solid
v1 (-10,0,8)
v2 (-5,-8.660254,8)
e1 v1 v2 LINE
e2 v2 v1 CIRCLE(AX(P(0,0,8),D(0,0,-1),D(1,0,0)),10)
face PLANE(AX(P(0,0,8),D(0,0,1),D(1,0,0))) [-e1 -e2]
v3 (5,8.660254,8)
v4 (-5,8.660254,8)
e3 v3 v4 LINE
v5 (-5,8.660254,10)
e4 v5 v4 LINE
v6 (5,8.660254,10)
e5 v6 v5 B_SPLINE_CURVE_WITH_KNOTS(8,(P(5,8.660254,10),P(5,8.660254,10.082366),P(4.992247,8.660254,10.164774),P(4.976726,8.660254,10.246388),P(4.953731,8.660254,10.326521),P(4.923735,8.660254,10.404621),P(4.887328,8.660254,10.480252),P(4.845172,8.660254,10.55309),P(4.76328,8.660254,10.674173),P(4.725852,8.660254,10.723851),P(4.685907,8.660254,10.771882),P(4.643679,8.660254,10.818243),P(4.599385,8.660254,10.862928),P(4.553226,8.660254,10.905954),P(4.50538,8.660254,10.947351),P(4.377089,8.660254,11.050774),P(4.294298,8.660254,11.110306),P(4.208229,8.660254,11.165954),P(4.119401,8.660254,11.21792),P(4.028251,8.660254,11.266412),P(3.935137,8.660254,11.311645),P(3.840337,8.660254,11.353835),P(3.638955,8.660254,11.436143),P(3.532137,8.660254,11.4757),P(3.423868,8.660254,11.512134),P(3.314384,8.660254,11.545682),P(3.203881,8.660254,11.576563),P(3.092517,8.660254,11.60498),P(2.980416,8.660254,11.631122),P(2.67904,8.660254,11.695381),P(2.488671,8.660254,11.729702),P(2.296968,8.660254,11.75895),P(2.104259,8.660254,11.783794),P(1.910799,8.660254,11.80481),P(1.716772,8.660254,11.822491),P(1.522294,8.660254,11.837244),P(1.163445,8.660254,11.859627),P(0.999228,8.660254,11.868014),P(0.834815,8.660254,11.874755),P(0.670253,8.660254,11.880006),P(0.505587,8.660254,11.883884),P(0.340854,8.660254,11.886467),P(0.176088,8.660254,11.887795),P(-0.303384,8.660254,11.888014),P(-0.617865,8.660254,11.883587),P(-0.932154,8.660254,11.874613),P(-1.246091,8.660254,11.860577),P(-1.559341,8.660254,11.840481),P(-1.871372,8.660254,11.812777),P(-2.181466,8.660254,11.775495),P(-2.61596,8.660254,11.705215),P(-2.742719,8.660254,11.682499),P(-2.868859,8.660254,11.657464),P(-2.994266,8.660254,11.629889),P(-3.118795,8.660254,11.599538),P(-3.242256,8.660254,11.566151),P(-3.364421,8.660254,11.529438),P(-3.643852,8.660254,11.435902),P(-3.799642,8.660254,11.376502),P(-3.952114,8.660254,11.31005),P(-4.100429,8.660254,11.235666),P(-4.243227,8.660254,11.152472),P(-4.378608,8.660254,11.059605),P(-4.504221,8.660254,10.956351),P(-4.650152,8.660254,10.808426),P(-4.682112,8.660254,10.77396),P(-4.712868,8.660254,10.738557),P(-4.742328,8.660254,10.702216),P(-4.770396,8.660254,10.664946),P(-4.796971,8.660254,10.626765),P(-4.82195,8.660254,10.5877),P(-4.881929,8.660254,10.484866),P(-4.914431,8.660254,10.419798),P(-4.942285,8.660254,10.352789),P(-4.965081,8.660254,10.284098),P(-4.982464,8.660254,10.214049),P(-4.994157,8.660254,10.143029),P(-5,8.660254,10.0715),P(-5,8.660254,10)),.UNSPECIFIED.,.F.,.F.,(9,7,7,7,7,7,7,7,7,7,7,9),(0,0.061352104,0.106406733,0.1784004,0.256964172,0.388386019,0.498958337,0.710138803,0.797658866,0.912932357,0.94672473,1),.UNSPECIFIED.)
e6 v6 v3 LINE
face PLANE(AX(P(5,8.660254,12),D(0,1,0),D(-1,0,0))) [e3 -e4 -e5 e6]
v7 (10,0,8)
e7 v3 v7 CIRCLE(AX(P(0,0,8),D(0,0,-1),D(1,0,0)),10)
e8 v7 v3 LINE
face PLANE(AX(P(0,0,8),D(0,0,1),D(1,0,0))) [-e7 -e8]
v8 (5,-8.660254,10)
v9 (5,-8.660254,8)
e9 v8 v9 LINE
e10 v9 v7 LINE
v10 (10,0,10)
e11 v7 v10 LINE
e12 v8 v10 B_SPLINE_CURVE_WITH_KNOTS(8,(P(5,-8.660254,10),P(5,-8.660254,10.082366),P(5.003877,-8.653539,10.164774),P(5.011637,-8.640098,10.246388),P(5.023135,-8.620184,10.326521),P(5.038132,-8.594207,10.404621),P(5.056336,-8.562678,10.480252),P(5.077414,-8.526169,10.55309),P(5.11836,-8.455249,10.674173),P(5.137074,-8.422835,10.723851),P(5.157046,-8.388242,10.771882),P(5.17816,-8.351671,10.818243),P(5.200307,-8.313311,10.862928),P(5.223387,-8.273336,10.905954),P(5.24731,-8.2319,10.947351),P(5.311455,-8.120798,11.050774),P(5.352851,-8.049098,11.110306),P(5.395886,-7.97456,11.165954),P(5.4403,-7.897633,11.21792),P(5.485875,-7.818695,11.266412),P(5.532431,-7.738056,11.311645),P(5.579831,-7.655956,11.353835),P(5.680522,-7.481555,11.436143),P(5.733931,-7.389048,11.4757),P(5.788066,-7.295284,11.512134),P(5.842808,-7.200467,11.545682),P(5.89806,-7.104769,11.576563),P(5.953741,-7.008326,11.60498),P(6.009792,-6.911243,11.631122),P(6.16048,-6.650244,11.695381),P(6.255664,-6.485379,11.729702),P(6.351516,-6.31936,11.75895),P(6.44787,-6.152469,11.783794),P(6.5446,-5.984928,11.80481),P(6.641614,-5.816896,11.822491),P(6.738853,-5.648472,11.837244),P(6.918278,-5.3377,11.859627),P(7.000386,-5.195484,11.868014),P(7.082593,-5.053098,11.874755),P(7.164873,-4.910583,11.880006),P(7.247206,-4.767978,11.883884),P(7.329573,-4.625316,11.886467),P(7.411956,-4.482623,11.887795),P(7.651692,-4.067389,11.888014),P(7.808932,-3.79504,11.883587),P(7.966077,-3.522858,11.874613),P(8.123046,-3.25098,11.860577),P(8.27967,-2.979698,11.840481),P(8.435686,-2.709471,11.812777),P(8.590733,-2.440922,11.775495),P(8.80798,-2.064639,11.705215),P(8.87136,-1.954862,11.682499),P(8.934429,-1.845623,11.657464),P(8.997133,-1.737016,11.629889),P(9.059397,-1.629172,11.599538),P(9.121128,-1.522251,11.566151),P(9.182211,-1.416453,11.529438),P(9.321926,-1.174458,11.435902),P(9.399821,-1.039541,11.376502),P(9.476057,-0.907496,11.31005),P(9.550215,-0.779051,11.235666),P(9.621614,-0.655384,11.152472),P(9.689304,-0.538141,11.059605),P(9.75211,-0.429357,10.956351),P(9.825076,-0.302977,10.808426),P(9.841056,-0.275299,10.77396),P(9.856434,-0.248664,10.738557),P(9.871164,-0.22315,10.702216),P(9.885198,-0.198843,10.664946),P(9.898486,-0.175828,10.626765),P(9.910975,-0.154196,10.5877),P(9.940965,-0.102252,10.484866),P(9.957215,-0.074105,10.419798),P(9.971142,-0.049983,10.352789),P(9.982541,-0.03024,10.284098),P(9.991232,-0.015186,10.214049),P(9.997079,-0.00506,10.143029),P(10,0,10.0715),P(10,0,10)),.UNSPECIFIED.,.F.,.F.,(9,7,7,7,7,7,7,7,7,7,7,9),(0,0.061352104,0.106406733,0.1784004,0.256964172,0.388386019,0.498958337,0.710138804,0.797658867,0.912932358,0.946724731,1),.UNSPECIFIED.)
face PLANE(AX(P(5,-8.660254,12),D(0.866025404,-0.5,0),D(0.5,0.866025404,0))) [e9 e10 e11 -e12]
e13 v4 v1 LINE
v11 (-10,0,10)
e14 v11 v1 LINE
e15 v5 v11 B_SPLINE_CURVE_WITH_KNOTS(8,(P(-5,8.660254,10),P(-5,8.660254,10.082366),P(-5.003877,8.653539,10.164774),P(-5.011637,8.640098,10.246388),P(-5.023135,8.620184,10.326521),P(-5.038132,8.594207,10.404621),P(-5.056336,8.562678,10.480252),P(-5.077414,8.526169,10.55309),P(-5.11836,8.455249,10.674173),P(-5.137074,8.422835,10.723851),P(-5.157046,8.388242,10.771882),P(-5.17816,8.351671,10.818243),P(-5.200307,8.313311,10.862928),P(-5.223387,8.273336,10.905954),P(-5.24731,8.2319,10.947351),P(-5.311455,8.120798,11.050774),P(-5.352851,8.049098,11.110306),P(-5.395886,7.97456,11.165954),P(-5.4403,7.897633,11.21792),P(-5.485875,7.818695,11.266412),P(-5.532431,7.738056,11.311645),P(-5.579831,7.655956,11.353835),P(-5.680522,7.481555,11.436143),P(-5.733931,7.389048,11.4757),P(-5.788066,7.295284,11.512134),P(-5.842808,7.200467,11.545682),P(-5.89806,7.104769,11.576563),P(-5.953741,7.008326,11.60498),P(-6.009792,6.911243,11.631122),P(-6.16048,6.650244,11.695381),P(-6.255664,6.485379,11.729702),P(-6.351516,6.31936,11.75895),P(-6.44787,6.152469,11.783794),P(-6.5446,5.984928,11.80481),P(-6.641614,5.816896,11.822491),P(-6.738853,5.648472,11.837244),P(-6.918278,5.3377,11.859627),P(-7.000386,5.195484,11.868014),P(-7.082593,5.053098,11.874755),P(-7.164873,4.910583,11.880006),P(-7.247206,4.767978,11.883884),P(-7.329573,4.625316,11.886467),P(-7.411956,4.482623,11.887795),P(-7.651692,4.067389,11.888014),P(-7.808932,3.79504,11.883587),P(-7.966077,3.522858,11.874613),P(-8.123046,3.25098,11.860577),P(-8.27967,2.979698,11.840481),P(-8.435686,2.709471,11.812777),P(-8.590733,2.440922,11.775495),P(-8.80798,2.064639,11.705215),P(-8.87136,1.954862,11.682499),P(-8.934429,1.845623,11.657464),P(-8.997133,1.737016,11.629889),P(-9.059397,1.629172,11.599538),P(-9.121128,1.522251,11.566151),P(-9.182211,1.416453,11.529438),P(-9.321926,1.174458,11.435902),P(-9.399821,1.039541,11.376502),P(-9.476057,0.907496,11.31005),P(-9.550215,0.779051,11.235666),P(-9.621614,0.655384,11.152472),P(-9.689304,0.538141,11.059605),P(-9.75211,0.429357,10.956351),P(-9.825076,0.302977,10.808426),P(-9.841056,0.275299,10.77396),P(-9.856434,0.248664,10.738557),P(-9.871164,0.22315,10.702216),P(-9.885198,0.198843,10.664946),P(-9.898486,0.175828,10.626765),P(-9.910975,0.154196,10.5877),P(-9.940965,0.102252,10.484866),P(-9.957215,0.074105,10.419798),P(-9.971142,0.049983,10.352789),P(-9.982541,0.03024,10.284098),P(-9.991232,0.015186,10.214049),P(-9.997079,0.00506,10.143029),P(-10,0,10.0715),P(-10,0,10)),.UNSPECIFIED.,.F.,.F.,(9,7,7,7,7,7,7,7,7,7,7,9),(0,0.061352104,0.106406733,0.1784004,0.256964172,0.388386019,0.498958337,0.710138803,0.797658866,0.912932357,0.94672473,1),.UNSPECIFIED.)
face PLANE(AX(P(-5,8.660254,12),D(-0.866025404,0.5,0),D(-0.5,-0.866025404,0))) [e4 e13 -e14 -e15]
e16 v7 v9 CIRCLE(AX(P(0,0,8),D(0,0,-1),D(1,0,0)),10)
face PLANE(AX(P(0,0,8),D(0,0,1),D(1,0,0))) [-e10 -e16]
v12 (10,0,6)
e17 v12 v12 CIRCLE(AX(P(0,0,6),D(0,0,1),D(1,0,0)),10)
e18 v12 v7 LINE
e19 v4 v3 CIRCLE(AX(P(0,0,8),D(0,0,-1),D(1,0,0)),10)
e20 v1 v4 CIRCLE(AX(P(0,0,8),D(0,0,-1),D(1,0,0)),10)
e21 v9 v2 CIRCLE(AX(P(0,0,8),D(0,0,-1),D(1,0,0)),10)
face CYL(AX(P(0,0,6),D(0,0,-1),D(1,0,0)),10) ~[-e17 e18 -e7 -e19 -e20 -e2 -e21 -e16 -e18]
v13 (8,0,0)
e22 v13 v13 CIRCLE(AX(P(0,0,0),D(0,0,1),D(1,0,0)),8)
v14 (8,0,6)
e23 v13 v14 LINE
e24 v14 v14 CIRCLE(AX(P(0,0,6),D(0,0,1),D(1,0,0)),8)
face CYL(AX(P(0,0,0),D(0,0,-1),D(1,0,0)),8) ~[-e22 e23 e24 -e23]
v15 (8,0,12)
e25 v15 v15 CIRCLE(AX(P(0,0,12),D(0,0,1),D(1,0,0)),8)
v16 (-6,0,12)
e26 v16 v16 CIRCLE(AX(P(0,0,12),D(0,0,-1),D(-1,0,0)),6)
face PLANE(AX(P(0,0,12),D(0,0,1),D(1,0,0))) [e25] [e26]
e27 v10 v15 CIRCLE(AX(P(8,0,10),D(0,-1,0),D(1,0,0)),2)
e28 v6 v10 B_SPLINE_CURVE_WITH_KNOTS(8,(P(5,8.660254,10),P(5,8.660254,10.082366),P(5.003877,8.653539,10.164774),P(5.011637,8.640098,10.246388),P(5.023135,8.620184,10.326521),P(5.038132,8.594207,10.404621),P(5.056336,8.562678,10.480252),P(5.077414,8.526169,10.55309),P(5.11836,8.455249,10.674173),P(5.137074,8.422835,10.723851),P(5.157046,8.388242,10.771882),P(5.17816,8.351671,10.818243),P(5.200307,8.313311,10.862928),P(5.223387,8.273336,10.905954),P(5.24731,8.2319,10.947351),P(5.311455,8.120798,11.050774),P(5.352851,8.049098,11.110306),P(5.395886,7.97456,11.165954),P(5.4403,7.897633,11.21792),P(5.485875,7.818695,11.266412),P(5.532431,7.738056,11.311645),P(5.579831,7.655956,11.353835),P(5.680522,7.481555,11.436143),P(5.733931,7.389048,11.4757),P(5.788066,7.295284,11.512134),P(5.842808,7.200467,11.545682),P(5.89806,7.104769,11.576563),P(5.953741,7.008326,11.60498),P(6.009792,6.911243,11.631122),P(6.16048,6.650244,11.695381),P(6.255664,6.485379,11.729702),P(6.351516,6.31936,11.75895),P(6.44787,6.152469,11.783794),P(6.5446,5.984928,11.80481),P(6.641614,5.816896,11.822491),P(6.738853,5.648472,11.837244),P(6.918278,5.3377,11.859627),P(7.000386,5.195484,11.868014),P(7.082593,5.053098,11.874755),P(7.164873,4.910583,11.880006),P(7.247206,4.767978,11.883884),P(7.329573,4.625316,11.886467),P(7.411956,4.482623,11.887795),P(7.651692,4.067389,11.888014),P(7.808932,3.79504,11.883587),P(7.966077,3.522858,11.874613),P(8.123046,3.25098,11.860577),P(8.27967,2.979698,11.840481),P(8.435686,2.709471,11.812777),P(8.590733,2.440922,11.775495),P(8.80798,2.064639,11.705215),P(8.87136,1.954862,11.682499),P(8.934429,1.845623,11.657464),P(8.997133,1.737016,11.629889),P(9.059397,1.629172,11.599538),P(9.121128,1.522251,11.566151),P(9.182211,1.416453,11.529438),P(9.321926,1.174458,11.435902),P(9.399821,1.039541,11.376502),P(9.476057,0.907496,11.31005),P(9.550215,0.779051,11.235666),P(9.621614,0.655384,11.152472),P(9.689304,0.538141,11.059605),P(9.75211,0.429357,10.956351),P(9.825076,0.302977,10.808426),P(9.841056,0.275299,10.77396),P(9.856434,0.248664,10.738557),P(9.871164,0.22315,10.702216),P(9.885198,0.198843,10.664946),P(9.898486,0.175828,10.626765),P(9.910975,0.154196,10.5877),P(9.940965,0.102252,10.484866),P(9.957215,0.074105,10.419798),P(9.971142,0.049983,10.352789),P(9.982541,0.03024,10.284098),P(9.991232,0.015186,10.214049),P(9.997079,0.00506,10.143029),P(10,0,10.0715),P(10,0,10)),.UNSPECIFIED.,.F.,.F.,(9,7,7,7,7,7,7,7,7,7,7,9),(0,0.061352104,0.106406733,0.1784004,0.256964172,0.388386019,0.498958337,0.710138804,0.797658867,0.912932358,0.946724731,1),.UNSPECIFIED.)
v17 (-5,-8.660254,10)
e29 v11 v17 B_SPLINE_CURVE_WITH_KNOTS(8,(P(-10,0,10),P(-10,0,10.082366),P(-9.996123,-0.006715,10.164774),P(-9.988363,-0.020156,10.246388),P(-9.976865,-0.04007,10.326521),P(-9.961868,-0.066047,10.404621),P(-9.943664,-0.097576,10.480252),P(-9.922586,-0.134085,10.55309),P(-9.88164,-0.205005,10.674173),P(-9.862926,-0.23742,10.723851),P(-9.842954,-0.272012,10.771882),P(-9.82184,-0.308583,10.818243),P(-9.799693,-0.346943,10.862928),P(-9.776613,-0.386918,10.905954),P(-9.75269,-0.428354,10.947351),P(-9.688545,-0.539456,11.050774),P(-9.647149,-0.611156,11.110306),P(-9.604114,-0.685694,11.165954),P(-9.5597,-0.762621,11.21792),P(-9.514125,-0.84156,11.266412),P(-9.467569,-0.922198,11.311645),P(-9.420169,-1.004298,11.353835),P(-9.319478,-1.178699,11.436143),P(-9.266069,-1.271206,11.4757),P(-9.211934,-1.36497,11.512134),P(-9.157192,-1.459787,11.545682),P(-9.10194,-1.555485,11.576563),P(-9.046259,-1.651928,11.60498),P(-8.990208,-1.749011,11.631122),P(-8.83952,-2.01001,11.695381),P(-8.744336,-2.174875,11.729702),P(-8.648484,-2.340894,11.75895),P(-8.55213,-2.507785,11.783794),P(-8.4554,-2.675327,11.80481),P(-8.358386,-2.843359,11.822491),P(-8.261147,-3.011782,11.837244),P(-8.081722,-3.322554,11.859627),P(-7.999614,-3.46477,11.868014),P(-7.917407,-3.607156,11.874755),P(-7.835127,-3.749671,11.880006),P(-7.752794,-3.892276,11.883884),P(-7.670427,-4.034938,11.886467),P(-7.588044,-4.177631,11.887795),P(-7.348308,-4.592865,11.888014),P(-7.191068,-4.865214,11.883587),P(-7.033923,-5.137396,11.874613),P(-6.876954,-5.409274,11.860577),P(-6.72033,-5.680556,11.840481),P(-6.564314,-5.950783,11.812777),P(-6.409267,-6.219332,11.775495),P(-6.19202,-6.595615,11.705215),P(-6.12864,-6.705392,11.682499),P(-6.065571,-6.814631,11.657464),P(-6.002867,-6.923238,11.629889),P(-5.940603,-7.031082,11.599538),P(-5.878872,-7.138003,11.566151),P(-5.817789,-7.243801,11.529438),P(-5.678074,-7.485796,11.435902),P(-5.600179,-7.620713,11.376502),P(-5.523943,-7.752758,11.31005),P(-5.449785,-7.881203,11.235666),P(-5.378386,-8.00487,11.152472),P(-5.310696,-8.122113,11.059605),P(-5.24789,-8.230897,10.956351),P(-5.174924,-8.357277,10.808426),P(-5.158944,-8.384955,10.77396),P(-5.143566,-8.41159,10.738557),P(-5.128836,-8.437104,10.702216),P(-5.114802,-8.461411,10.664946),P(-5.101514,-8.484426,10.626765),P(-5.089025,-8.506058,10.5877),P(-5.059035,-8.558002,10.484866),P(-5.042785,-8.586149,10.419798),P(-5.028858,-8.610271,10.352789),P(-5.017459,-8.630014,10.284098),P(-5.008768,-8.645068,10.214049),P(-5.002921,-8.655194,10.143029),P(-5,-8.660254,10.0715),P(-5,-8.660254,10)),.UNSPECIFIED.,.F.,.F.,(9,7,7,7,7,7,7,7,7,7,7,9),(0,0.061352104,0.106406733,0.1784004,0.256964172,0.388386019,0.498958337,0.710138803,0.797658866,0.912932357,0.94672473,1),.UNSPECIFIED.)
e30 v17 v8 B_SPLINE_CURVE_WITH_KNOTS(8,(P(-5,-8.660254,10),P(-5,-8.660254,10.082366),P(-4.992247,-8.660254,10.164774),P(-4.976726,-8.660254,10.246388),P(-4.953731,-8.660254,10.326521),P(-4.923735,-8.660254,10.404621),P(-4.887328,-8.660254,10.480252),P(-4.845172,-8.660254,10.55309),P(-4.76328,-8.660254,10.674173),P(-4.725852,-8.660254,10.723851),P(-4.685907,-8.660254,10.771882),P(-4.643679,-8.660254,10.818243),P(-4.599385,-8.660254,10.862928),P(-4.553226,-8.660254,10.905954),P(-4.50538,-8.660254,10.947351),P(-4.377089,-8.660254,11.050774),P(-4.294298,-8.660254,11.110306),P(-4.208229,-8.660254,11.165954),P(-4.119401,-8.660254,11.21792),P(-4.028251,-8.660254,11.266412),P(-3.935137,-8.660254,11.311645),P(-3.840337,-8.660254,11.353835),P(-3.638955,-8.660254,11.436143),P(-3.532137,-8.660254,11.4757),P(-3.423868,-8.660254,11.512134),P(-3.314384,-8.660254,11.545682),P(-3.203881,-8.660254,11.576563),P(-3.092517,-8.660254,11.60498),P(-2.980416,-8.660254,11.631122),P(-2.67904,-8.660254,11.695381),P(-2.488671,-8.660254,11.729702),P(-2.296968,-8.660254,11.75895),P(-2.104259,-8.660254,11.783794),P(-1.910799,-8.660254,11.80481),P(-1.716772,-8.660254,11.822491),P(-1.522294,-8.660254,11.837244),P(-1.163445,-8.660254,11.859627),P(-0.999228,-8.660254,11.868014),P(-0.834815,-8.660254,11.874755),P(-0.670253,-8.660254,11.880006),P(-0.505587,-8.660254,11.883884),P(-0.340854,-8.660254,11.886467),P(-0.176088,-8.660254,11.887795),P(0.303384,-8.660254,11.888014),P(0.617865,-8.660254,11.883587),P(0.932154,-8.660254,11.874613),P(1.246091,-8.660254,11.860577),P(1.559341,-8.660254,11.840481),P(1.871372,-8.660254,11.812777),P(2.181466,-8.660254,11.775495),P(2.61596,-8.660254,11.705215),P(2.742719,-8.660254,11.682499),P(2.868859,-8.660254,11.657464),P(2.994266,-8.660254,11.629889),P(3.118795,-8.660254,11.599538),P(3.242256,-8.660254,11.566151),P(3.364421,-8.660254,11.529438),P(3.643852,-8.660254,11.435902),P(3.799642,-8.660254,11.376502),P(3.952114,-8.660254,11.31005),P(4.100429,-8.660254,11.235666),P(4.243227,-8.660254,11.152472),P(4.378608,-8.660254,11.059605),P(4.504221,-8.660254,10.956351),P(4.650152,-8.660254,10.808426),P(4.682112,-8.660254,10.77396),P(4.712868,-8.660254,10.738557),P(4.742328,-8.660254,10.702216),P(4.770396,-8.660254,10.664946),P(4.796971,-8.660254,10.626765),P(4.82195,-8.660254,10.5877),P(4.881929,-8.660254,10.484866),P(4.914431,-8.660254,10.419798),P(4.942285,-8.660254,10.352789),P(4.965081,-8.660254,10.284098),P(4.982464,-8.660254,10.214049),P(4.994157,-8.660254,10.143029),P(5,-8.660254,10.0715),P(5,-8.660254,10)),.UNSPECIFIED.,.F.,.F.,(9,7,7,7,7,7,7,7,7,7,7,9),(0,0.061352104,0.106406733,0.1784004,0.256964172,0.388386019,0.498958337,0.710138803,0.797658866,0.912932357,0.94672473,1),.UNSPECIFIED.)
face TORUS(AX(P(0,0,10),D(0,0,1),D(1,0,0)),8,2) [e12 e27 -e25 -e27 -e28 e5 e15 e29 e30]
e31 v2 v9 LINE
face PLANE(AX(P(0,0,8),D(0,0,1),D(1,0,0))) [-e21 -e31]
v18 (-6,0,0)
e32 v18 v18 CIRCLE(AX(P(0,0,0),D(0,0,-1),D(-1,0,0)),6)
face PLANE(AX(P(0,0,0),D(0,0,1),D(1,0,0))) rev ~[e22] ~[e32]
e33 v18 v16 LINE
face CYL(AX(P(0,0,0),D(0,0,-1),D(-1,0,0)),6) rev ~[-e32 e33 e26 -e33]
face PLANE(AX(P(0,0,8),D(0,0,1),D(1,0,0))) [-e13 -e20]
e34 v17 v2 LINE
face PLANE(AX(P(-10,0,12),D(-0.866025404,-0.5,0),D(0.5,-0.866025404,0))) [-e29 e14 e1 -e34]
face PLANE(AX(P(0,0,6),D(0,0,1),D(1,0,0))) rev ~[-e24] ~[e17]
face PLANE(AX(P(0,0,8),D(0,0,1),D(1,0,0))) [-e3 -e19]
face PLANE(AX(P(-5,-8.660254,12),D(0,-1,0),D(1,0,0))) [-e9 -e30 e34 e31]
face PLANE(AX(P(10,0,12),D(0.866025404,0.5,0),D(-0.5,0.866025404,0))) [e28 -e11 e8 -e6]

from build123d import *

# Parameters (mm, degrees)
SKETCH_1_R          = 8
EXTRUDE_1_DEPTH     = 6
SKETCH_2_R          = 10
EXTRUDE_2_DEPTH     = 6
FILLET_1_R          = 2
SKETCH_3_OUTSIDE_W  = 28.144
SKETCH_3_OUTSIDE_H  = 28.144
CUT_EXTRUDE_1_DEPTH = 4
SKETCH_4_R          = 6
CUT_EXTRUDE_2_DEPTH = 12


with BuildPart() as part:
    # 草图1 → 凸台-拉伸1 (new body)
    with BuildSketch(Plane.XY):
        Circle(SKETCH_1_R)
    extrude(amount=EXTRUDE_1_DEPTH)

    # 草图2 → 凸台-拉伸2 (add)
    with BuildSketch(Plane.XY.offset(6)):
        Circle(SKETCH_2_R)
    extrude(amount=EXTRUDE_2_DEPTH)

    # 圆角1
    fillet_1_edges = [part.edges().sort_by_distance(p)[0] for p in [
        (-10, 0, 12),
    ]]
    fillet(fillet_1_edges, radius=FILLET_1_R)

    # 草图3 outside → 切除-拉伸1 (cut)
    with BuildSketch(Plane.XY.offset(12)):
        Rectangle(SKETCH_3_OUTSIDE_W, SKETCH_3_OUTSIDE_H)
        Polygon((10, 0), (5, 8.660254038), (-5, 8.660254038), (-10, 0), (-5, -8.660254038), (5, -8.660254038), align=None, mode=Mode.SUBTRACT)
    extrude(amount=-CUT_EXTRUDE_1_DEPTH, mode=Mode.SUBTRACT)

    # 草图4 → 切除-拉伸2 (cut)
    with BuildSketch(Plane(origin=(0, 0, 0), x_dir=(-1, 0, 0), z_dir=(0, 0, -1))):
        Circle(SKETCH_4_R)
    extrude(amount=-CUT_EXTRUDE_2_DEPTH, mode=Mode.SUBTRACT)


solid = part.part
